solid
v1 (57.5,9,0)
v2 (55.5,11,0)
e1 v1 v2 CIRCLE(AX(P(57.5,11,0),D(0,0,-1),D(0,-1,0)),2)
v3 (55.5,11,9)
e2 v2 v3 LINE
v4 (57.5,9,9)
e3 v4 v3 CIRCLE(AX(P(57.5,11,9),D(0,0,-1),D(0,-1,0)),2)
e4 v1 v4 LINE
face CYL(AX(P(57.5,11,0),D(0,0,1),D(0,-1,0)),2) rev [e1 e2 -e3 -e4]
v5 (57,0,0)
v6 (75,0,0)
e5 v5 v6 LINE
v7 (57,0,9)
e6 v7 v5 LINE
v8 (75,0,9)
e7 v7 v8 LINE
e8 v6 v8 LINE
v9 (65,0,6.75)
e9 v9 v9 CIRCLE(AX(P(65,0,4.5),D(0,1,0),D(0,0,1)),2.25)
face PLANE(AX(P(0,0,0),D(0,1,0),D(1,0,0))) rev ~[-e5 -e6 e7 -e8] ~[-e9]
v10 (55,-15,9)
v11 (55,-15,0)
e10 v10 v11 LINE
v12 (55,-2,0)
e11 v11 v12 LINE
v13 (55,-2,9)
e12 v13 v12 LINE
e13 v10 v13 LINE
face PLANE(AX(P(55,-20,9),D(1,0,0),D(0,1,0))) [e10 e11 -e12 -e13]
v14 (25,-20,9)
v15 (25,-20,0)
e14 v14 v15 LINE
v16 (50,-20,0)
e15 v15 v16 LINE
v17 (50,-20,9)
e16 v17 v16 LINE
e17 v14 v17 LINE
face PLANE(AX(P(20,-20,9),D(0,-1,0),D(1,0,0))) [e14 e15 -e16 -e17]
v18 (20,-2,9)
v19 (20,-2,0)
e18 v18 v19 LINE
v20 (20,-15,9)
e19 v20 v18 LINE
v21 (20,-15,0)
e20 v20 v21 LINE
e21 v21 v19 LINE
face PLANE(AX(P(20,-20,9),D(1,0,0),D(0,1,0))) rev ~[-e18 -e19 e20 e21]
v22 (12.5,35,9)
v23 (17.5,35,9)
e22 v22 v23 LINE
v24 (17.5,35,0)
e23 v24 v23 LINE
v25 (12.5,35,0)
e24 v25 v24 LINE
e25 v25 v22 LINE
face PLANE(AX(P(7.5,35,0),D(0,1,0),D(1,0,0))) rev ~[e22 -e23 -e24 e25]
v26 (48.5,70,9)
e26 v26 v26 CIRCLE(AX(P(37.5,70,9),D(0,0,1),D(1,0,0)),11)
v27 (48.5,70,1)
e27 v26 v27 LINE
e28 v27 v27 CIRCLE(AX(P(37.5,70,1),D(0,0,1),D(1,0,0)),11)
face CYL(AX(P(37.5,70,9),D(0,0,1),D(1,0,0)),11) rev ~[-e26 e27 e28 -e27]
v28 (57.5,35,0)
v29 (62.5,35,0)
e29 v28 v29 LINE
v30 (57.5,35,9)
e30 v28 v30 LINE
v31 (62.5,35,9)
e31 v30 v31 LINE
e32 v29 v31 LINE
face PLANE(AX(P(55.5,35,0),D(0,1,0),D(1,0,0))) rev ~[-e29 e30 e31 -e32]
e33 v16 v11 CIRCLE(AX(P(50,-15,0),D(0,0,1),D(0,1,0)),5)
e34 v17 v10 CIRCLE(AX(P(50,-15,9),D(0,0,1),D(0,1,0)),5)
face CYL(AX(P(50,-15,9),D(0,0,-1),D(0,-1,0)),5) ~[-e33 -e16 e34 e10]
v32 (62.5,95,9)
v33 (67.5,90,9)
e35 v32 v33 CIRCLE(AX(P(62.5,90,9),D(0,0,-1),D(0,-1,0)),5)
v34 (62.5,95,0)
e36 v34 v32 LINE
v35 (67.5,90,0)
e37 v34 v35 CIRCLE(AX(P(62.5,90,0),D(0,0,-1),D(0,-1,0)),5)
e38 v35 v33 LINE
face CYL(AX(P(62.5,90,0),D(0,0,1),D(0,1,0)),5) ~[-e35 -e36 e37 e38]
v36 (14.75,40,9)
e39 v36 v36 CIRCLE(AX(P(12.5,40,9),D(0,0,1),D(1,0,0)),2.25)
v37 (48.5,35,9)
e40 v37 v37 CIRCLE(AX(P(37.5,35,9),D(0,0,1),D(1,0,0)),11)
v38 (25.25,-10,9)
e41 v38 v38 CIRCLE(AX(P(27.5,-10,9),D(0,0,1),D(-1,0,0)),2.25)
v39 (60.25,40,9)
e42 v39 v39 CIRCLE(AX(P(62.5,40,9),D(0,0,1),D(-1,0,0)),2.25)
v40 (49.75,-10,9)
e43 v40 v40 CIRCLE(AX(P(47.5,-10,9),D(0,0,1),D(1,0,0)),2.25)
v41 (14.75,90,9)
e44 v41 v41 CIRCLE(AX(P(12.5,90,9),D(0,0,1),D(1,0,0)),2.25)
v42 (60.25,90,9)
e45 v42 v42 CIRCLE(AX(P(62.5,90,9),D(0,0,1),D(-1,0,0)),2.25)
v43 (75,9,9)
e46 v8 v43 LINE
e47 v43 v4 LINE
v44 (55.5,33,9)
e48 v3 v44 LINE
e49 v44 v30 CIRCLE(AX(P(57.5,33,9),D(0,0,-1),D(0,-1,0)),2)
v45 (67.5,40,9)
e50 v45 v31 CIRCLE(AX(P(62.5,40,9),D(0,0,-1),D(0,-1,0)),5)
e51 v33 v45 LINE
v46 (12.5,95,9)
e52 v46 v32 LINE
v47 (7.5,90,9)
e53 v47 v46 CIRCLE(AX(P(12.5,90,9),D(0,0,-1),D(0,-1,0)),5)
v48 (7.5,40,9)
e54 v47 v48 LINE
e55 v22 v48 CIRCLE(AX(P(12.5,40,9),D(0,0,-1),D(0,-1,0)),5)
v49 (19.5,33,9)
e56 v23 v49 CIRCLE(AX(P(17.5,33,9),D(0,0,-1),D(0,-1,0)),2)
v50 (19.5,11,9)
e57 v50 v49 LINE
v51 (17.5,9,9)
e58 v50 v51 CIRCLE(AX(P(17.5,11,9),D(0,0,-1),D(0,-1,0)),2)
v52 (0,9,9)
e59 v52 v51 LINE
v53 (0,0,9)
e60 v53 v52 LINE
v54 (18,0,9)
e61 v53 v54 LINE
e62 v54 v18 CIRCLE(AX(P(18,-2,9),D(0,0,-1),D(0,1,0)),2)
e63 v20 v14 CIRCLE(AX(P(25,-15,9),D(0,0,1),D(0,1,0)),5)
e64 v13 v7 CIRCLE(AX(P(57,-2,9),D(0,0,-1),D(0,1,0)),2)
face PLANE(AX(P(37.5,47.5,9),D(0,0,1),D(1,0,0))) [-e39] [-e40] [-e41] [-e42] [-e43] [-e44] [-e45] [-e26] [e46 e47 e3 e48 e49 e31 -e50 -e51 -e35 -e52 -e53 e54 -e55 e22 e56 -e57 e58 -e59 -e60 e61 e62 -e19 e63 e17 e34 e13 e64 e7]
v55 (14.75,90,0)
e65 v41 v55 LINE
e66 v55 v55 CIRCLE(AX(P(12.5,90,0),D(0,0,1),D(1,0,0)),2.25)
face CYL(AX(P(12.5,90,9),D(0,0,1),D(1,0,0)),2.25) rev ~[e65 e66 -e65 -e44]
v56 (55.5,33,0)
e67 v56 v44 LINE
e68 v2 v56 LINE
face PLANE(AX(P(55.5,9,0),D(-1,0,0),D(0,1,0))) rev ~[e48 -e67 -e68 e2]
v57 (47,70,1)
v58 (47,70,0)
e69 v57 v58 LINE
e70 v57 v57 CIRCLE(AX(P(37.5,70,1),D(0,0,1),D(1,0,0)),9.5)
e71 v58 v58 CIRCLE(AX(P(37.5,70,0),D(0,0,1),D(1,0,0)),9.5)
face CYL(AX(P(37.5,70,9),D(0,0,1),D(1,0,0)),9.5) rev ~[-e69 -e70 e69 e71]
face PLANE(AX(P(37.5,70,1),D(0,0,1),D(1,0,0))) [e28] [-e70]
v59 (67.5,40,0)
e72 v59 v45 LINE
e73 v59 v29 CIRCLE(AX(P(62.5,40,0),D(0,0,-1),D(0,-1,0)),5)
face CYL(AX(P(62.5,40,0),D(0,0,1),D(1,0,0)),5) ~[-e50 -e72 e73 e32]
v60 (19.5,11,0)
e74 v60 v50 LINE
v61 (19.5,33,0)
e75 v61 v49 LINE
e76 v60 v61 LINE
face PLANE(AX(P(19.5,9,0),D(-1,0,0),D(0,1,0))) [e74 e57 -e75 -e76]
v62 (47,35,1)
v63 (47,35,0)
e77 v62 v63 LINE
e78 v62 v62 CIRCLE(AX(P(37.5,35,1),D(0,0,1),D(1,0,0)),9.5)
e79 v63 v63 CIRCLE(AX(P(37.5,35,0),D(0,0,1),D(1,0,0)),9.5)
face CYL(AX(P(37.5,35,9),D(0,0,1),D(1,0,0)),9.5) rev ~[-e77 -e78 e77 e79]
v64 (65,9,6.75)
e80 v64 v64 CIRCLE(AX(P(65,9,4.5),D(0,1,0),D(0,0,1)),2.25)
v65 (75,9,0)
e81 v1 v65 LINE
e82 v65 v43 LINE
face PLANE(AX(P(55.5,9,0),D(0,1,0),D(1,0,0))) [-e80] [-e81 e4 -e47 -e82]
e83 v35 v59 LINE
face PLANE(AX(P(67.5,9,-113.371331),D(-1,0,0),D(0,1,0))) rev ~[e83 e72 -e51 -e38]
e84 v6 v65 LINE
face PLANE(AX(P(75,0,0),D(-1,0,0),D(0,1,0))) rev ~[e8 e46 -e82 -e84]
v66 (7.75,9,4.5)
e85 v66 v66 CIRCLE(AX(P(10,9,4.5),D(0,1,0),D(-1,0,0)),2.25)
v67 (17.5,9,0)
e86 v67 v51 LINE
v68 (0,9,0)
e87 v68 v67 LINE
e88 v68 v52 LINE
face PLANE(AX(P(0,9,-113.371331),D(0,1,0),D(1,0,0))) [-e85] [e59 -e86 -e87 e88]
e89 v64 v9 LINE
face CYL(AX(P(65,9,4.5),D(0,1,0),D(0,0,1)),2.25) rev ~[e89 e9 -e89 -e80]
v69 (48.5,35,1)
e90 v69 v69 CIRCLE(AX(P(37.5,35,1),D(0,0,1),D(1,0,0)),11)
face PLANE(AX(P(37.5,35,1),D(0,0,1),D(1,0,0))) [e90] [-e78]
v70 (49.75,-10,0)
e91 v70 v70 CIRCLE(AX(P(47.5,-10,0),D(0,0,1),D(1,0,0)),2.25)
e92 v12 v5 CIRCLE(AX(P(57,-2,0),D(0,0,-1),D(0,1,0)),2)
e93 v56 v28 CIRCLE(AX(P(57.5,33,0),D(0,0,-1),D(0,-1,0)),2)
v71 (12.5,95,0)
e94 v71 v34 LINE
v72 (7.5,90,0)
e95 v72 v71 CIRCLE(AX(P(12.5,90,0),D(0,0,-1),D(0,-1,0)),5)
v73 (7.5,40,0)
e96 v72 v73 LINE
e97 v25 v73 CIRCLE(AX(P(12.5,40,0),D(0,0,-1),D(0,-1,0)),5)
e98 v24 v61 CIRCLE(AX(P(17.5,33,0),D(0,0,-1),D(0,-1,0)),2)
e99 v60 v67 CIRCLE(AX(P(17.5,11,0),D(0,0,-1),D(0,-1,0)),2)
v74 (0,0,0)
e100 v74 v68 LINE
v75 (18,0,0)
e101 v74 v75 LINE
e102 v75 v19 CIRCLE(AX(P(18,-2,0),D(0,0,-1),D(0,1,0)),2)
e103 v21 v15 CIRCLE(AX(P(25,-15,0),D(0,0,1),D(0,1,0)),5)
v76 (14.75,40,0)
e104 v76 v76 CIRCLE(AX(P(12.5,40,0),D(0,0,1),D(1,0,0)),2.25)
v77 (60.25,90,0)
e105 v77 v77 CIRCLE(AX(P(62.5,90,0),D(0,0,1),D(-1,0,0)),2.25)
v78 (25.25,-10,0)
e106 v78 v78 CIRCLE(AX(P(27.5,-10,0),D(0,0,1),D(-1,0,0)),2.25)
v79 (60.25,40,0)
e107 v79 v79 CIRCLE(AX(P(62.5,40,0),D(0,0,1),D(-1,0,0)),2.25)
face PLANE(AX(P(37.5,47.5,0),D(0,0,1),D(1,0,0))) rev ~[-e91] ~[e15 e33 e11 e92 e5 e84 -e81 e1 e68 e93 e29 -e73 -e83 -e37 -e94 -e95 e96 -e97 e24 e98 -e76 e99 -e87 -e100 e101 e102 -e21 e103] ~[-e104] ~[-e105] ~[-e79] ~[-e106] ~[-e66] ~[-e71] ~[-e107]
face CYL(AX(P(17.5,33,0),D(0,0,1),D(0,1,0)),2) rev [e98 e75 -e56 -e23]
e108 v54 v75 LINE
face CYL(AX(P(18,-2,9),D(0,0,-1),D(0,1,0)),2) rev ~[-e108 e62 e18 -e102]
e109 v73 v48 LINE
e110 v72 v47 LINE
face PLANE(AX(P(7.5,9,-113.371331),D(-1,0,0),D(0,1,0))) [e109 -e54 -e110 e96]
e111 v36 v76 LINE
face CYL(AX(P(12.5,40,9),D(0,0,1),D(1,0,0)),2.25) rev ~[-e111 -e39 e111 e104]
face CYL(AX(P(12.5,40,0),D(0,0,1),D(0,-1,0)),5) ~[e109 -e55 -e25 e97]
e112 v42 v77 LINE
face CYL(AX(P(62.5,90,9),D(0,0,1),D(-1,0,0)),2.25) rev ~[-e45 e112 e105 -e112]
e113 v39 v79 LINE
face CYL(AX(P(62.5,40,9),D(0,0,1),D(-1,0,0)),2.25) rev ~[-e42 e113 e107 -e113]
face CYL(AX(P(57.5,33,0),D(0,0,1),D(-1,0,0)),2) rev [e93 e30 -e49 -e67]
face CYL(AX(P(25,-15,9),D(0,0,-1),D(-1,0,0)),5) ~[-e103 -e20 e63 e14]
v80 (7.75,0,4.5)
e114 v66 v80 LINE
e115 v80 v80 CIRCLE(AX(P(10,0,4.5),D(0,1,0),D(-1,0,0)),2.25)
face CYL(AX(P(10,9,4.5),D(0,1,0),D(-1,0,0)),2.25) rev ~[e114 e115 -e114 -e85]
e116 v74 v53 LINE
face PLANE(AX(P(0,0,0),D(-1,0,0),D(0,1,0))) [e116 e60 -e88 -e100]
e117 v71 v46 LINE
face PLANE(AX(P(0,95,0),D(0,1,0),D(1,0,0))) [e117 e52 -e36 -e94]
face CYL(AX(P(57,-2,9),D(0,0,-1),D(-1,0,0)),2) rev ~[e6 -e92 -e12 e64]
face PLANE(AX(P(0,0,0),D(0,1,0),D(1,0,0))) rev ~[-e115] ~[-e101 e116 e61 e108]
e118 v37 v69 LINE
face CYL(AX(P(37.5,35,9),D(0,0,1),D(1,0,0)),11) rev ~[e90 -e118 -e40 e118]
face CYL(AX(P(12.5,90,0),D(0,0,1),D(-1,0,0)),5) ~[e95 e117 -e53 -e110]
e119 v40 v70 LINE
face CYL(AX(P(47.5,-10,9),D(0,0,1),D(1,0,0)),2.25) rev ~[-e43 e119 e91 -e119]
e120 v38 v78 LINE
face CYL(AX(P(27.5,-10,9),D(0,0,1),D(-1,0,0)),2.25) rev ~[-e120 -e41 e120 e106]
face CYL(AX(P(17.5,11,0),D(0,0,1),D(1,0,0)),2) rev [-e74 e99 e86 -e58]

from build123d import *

# Parameters (mm, degrees)
ESQUISSE1_W                  = 75
ESQUISSE1_H                  = 95
BOSS_EXTRU_1_DEPTH           = 9
ESQUISSE2_W                  = 35
ESQUISSE2_H                  = 20
BOSS_EXTRU_2_DEPTH           = 9
ESQUISSE3_R                  = 11
ENL_V_MAT_EXTRU_1_DEPTH      = 8
ESQUISSE4_R                  = 9.5
ENL_V_MAT_EXTRU_2_DEPTH      = 122.371331047
ENL_V_MAT_EXTRU_3_DEPTH      = 122.371331047
ENL_V_MAT_EXTRU_3_DEPTH_BACK = 122.371331047
ESQUISSE5_W                  = 7.5
ESQUISSE5_H                  = 86
ENL_V_START                  = -9
ESQUISSE8_W                  = 12
ESQUISSE8_H                  = 26
ENL_V_MAT_EXTRU_6_DEPTH      = 9
CONG_1_R                     = 2
CONG_2_R                     = 5
ESQUISSE6_R                  = 2.25
ENL_V_MAT_EXTRU_4_DEPTH      = 122.371331047
ESQUISSE7_R                  = 2.25
ENL_V_MAT_EXTRU_5_DEPTH      = 115.46396813


with BuildPart() as part:
    # Esquisse1 → Boss.-Extru.1 (new body)
    with BuildSketch(Plane.XY):
        with Locations((37.5, 47.5)):
            Rectangle(ESQUISSE1_W, ESQUISSE1_H)
    extrude(amount=BOSS_EXTRU_1_DEPTH)

    # Esquisse2 → Boss.-Extru.2 (add)
    with BuildSketch(Plane.XY.offset(9)):
        with Locations((37.5, -10)):
            Rectangle(ESQUISSE2_W, ESQUISSE2_H)
    extrude(amount=-BOSS_EXTRU_2_DEPTH)

    # Esquisse3 → Enlèv. mat.-Extru.1 (cut)
    with BuildSketch(Plane.XY.offset(9)):
        with Locations((37.5, 70)):
            Circle(ESQUISSE3_R)
        with Locations((37.5, 35)):
            Circle(ESQUISSE3_R)
    extrude(amount=-ENL_V_MAT_EXTRU_1_DEPTH, mode=Mode.SUBTRACT)

    # Esquisse4 → Enlèv. mat.-Extru.2 (cut, through all)
    with BuildSketch(Plane.XY.offset(9)):
        with Locations((37.5, 70)):
            Circle(ESQUISSE4_R)
        with Locations((37.5, 35)):
            Circle(ESQUISSE4_R)
    extrude(amount=-ENL_V_MAT_EXTRU_2_DEPTH, mode=Mode.SUBTRACT)

    # Esquisse5 → Enlèv. mat.-Extru.3 (cut, two sides: drawn at the far end of the back side and taken through both)
    with BuildSketch(Plane.XY.offset(9).offset(-ENL_V_MAT_EXTRU_3_DEPTH_BACK)):
        with Locations((71.25, 52)):
            Rectangle(ESQUISSE5_W, ESQUISSE5_H)
        with Locations((3.75, 52)):
            Rectangle(ESQUISSE5_W, ESQUISSE5_H)
    extrude(amount=ENL_V_MAT_EXTRU_3_DEPTH + ENL_V_MAT_EXTRU_3_DEPTH_BACK, mode=Mode.SUBTRACT)

    # Esquisse8 → Enlèv. mat.-Extru.6 (cut)
    with BuildSketch(Plane.XY.offset(9).offset(ENL_V_START)):
        with Locations((13.5, 22)):
            Rectangle(ESQUISSE8_W, ESQUISSE8_H)
        with Locations((61.5, 22)):
            Rectangle(ESQUISSE8_W, ESQUISSE8_H)
    extrude(amount=ENL_V_MAT_EXTRU_6_DEPTH, mode=Mode.SUBTRACT)

    # Congé1
    cong_1_edges = [part.edges().sort_by_distance(p)[0] for p in [
        (55.5, 9, 4.5),
        (55.5, 35, 4.5),
        (20, 0, 4.5),
        (55, 0, 4.5),
        (19.5, 35, 4.5),
        (19.5, 9, 4.5),
    ]]
    fillet(cong_1_edges, radius=CONG_1_R)

    # Congé2
    cong_2_edges = [part.edges().sort_by_distance(p)[0] for p in [
        (67.5, 35, 4.5),
        (20, -20, 4.5),
        (55, -20, 4.5),
        (67.5, 95, 4.5),
        (7.5, 95, 4.5),
        (7.5, 35, 4.5),
    ]]
    fillet(cong_2_edges, radius=CONG_2_R)

    # Esquisse6 → Enlèv. mat.-Extru.4 (cut, through all)
    with BuildSketch(Plane.XY.offset(9)):
        with Locations((47.5, -10)):
            Circle(ESQUISSE6_R)
        with Locations(Location((27.5, -10, 0), (0, 0, 180))):
            Circle(ESQUISSE6_R)
        with Locations((12.5, 90)):
            Circle(ESQUISSE6_R)
        with Locations((12.5, 40)):
            Circle(ESQUISSE6_R)
        with Locations(Location((62.5, 40, 0), (0, 0, 180))):
            Circle(ESQUISSE6_R)
        with Locations(Location((62.5, 90, 0), (0, 0, 180))):
            Circle(ESQUISSE6_R)
    extrude(amount=-ENL_V_MAT_EXTRU_4_DEPTH, mode=Mode.SUBTRACT)

    # Esquisse7 → Enlèv. mat.-Extru.5 (cut, through all)
    with BuildSketch(Plane(origin=(0, 9, 0), x_dir=(1, 0, 0), z_dir=(0, 1, 0))):
        with Locations(Location((10, -4.5, 0), (0, 0, 180))):
            Circle(ESQUISSE7_R)
        with Locations(Location((65, -4.5, 0), (0, 0, 270))):
            Circle(ESQUISSE7_R)
    extrude(amount=-ENL_V_MAT_EXTRU_5_DEPTH, mode=Mode.SUBTRACT)


solid = part.part
